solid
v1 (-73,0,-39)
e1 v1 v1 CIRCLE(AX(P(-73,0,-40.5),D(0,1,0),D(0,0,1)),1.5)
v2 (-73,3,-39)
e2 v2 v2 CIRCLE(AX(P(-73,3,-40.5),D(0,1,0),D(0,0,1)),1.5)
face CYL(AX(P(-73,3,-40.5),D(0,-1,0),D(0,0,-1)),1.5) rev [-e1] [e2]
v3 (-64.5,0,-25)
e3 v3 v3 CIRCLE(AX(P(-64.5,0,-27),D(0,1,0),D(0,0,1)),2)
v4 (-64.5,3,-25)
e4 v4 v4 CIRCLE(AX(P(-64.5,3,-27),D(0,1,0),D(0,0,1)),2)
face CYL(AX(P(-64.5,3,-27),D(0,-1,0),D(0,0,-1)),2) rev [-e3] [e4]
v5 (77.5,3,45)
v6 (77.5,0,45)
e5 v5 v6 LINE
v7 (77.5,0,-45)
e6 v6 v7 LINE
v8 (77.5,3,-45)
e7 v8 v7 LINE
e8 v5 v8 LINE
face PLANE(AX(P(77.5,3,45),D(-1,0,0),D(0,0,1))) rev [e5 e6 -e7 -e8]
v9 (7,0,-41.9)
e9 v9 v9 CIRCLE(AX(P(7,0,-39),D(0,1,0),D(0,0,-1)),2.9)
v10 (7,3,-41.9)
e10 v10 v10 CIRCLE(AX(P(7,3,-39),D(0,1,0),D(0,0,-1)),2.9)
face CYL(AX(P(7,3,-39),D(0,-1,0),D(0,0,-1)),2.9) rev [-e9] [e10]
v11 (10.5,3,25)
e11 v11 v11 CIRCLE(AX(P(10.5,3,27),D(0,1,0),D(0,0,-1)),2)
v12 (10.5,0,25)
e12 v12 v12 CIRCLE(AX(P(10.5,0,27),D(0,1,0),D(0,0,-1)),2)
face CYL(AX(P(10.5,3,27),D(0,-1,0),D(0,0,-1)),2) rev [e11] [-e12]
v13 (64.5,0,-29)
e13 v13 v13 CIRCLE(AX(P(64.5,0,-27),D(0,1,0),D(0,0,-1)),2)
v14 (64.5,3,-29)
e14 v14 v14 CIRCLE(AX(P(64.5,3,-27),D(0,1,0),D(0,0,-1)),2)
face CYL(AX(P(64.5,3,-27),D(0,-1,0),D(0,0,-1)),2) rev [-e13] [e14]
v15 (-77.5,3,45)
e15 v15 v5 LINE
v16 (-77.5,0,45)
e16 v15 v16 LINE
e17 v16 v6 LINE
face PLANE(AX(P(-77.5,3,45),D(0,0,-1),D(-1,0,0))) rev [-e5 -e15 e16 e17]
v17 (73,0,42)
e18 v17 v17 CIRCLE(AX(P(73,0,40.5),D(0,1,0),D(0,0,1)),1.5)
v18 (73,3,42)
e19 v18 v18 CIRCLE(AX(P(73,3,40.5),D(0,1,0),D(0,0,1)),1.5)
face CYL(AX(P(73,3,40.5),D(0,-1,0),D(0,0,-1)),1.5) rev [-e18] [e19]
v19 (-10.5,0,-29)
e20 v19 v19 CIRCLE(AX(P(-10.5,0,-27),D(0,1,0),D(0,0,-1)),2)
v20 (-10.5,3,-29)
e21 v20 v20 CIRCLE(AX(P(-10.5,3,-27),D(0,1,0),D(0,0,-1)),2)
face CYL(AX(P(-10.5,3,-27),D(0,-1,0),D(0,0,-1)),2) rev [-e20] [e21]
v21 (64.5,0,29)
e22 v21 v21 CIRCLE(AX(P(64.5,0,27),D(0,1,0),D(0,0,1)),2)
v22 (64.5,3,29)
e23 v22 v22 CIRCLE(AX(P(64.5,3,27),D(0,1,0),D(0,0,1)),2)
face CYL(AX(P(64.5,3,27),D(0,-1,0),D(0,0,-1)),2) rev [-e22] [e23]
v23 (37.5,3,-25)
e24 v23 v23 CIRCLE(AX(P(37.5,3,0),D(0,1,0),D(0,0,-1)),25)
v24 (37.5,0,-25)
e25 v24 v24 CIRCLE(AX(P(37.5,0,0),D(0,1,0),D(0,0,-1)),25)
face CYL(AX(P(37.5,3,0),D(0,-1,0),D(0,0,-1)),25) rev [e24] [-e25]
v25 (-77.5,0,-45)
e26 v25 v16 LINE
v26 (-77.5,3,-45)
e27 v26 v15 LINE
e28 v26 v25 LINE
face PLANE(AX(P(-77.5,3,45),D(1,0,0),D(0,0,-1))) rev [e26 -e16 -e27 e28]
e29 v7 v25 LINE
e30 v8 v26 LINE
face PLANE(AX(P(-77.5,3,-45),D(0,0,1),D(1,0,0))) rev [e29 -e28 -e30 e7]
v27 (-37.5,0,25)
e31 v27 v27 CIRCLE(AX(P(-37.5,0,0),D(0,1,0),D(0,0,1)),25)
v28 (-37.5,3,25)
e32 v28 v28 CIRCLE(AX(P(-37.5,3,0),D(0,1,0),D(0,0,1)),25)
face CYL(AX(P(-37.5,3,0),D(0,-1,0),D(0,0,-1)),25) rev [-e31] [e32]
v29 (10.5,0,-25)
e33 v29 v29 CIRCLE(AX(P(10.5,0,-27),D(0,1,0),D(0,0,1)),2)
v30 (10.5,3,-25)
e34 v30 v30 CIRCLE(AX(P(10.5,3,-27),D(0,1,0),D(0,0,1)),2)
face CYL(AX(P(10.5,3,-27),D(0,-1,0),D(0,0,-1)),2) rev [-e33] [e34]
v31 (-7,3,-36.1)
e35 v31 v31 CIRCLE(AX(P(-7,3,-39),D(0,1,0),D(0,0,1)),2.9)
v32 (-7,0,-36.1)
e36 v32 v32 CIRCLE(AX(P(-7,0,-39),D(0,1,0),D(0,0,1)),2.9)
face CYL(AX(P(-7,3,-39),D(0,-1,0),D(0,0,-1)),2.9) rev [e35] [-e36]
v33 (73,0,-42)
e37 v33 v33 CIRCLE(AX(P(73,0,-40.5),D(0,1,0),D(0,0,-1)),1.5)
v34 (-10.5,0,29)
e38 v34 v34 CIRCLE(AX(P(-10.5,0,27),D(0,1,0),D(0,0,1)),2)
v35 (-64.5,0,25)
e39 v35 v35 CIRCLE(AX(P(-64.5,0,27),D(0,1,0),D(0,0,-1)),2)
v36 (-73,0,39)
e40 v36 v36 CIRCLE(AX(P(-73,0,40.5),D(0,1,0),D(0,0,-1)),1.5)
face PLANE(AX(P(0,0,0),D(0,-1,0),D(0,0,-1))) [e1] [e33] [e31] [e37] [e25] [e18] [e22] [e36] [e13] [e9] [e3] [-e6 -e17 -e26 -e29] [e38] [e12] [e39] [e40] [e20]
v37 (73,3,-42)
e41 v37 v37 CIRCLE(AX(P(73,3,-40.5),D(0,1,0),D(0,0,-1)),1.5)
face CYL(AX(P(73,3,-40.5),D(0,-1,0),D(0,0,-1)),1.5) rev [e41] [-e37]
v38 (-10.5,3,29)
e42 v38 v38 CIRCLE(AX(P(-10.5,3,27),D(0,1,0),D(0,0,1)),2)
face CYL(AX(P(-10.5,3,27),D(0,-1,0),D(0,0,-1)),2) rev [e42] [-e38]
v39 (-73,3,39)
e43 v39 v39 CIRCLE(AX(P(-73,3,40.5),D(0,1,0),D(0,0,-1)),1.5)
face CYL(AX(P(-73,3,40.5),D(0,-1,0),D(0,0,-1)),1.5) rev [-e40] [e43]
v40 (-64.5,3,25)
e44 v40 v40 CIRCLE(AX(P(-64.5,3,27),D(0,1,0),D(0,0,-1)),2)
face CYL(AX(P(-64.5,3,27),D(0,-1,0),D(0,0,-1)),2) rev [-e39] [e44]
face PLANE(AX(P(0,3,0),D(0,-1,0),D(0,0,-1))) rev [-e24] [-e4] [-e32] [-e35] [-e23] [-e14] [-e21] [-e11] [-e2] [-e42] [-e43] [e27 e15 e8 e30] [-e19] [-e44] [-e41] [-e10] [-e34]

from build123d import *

# Parameters (mm, degrees)
ESQUISSE1_W        = 155
ESQUISSE1_H        = 90
ESQUISSE1_R        = 25
ESQUISSE1_R_2      = 2
ESQUISSE1_R_3      = 1.5
ESQUISSE1_R_4      = 2.9
BOSS_EXTRU_1_DEPTH = 3


with BuildPart() as part:
    # Esquisse1 → Boss.-Extru.1 (new body)
    with BuildSketch(Plane(origin=(0, 0, 0), x_dir=(1, 0, 0), z_dir=(0, 1, 0))):
        Rectangle(ESQUISSE1_W, ESQUISSE1_H)
        with Locations(Location((-37.5, 0, 0), (0, 0, 270))):
            Circle(ESQUISSE1_R, mode=Mode.SUBTRACT)
        with Locations(Location((-64.5, 27, 0), (0, 0, 270))):
            Circle(ESQUISSE1_R_2, mode=Mode.SUBTRACT)
        with Locations(Location((-10.5, 27, 0), (0, 0, 90))):
            Circle(ESQUISSE1_R_2, mode=Mode.SUBTRACT)
        with Locations(Location((-10.5, -27, 0), (0, 0, 270))):
            Circle(ESQUISSE1_R_2, mode=Mode.SUBTRACT)
        with Locations(Location((-64.5, -27, 0), (0, 0, 90))):
            Circle(ESQUISSE1_R_2, mode=Mode.SUBTRACT)
        with Locations(Location((10.5, -27, 0), (0, 0, 90))):
            Circle(ESQUISSE1_R_2, mode=Mode.SUBTRACT)
        with Locations(Location((64.5, -27, 0), (0, 0, 270))):
            Circle(ESQUISSE1_R_2, mode=Mode.SUBTRACT)
        with Locations(Location((64.5, 27, 0), (0, 0, 90))):
            Circle(ESQUISSE1_R_2, mode=Mode.SUBTRACT)
        with Locations(Location((10.5, 27, 0), (0, 0, 270))):
            Circle(ESQUISSE1_R_2, mode=Mode.SUBTRACT)
        with Locations(Location((37.5, 0, 0), (0, 0, 90))):
            Circle(ESQUISSE1_R, mode=Mode.SUBTRACT)
        with Locations(Location((-73, 40.5, 0), (0, 0, 270))):
            Circle(ESQUISSE1_R_3, mode=Mode.SUBTRACT)
        with Locations(Location((73, 40.5, 0), (0, 0, 90))):
            Circle(ESQUISSE1_R_3, mode=Mode.SUBTRACT)
        with Locations(Location((73, -40.5, 0), (0, 0, 270))):
            Circle(ESQUISSE1_R_3, mode=Mode.SUBTRACT)
        with Locations(Location((-73, -40.5, 0), (0, 0, 90))):
            Circle(ESQUISSE1_R_3, mode=Mode.SUBTRACT)
        with Locations(Location((-7, 39, 0), (0, 0, 270))):
            Circle(ESQUISSE1_R_4, mode=Mode.SUBTRACT)
        with Locations(Location((7, 39, 0), (0, 0, 90))):
            Circle(ESQUISSE1_R_4, mode=Mode.SUBTRACT)
    extrude(amount=BOSS_EXTRU_1_DEPTH)


solid = part.part
